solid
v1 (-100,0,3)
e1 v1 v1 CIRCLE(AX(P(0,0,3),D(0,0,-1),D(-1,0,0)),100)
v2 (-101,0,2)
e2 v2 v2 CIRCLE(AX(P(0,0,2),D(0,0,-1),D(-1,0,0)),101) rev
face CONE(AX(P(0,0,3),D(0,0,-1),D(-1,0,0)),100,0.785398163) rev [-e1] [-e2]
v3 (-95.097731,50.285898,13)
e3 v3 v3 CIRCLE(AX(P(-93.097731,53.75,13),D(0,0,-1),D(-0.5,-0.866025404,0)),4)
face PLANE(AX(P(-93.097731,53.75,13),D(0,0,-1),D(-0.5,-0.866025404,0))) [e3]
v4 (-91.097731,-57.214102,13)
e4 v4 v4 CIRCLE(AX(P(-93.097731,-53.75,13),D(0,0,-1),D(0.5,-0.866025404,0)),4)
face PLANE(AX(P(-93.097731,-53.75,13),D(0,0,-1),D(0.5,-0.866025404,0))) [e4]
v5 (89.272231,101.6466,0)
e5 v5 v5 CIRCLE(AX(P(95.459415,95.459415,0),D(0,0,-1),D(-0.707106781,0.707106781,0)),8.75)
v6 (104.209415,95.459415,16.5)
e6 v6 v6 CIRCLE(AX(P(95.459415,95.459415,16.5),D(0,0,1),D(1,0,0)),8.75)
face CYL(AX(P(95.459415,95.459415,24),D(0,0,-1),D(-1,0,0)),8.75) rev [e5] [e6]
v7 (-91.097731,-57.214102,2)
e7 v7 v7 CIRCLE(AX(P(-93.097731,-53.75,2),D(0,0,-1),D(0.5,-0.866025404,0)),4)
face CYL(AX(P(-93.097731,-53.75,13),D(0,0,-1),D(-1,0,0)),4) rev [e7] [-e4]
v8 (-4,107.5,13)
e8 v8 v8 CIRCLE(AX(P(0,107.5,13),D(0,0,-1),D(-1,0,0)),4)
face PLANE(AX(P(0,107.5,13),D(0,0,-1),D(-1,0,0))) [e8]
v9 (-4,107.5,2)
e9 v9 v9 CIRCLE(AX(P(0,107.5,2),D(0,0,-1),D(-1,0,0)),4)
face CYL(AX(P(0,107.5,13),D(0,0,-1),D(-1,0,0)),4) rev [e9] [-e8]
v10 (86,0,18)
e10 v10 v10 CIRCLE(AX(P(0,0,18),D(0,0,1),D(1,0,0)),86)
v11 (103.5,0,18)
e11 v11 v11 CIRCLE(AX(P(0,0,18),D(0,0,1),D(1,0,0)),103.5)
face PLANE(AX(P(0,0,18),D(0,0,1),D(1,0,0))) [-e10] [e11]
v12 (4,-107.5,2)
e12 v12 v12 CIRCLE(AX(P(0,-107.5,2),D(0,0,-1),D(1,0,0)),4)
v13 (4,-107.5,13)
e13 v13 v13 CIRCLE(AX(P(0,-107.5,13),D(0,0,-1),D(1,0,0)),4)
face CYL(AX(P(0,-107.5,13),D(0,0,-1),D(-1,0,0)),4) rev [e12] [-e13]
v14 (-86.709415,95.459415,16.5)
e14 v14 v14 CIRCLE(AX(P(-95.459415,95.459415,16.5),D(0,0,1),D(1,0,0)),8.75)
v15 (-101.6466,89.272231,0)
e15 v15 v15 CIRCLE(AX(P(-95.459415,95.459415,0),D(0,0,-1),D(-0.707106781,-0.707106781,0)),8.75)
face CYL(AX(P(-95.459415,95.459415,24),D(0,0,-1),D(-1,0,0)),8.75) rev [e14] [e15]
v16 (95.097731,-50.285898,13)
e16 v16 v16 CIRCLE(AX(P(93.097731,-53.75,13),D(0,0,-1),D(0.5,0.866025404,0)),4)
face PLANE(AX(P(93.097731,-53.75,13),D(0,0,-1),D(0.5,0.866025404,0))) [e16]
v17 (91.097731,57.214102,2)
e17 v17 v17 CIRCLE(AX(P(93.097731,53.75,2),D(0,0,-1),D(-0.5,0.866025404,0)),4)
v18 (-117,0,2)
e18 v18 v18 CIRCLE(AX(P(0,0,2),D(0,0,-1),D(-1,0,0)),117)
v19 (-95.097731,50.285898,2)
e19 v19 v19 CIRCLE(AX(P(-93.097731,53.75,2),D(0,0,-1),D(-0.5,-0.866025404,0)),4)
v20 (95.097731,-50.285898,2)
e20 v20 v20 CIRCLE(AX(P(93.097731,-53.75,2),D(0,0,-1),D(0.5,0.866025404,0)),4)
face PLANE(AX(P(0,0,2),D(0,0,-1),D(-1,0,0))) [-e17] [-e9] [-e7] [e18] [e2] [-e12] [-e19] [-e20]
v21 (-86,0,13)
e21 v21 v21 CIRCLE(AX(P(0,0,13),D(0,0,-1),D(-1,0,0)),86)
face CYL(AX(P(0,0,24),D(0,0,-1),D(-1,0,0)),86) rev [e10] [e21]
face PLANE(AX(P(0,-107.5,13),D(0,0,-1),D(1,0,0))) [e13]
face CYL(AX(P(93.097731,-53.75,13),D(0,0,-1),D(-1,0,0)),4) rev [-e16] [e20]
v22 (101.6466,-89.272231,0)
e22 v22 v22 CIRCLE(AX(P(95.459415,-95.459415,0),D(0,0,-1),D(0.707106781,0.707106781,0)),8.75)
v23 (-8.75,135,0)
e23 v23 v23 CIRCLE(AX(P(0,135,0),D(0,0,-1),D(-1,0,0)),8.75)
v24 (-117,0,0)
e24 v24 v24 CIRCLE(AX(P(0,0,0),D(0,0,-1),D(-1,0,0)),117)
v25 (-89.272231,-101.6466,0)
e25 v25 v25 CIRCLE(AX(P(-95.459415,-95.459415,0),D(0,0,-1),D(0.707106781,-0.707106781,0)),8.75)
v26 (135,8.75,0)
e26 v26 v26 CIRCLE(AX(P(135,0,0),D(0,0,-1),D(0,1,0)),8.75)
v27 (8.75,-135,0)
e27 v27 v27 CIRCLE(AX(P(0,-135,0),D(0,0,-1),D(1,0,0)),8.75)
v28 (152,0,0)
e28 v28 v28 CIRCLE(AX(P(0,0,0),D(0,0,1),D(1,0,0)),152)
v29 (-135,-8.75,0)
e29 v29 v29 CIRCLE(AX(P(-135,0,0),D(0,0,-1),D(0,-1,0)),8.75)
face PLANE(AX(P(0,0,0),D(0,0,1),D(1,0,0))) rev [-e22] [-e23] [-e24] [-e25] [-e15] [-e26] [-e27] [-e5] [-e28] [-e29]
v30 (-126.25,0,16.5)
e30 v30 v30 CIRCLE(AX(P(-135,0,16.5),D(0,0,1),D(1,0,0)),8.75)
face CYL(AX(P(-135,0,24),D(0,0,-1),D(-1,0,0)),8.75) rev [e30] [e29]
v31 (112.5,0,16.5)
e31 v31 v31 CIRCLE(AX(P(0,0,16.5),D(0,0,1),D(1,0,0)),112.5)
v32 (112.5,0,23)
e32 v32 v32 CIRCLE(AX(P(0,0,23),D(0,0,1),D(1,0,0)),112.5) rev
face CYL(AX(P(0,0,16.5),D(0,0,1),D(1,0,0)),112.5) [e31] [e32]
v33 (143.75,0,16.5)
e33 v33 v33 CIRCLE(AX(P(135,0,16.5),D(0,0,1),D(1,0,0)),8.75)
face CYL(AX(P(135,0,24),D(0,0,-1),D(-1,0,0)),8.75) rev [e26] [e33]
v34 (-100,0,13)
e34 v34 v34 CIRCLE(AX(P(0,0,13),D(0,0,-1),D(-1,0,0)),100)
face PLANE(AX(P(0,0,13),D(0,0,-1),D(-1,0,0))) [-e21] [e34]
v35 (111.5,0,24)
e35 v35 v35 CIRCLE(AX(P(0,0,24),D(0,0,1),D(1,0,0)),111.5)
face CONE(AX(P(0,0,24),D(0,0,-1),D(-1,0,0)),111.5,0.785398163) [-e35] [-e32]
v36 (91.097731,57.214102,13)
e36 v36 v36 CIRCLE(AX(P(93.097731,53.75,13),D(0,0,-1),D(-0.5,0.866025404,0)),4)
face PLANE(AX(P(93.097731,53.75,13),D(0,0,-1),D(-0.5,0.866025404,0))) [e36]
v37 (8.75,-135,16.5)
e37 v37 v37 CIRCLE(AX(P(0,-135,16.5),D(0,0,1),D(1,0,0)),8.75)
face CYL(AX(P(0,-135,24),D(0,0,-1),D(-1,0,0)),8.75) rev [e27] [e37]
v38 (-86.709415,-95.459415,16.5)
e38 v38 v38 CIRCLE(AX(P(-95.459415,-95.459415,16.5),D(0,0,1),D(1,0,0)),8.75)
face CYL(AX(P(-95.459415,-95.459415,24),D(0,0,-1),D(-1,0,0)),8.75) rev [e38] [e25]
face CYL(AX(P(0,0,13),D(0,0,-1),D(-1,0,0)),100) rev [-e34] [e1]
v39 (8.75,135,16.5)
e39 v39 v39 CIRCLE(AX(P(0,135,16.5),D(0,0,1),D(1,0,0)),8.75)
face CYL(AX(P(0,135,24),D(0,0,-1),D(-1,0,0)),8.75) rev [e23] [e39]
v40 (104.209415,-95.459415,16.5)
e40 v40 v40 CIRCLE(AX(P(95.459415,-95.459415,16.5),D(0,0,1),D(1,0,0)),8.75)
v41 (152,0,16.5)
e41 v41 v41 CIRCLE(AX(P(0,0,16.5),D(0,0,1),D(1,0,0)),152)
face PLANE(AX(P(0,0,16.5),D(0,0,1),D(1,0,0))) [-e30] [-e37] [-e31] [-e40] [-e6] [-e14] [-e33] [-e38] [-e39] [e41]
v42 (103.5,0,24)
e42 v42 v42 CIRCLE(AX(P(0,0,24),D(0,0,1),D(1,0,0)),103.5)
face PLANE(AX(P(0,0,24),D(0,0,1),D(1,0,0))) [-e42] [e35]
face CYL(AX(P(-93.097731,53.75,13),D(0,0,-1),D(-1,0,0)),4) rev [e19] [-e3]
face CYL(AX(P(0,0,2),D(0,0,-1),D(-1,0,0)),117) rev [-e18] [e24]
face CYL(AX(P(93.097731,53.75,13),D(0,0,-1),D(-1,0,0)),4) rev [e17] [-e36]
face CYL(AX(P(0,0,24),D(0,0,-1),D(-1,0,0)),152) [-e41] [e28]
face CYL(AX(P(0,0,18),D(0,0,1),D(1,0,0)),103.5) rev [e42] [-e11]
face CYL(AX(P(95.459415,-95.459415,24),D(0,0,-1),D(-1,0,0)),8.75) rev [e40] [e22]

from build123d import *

# Parameters (mm, degrees)
SKETCH1_R           = 152
SKETCH1_R_2         = 86
BOSS_EXTRUDE3_DEPTH = 24
CUT_EXTRUDE6_START  = -7.5
SKETCH5_R           = 152
SKETCH5_R_2         = 112.5
CUT_EXTRUDE6_DEPTH  = 7.5
SKETCH6_R           = 103.5
CUT_EXTRUDE7_DEPTH  = 6
CHAMFER1_SIZE       = 1
SKETCH8_R           = 117
CUT_EXTRUDE8_DEPTH  = 2
SKETCH16_R          = 100
CUT_EXTRUDE9_DEPTH  = 11
CHAMFER3_SIZE       = 1
SKETCH19_R          = 4
CUT_EXTRUDE12_DEPTH = 11
CIRPATTERN1_COUNT   = 6
SKETCH3_R           = 8.75
CUT_EXTRUDE13_DEPTH = 217.296093354
CIRPATTERN2_COUNT   = 8


with BuildPart() as part:
    # Sketch1 → Boss-Extrude3 (new body)
    with BuildSketch(Plane.XY):
        Circle(SKETCH1_R)
        Circle(SKETCH1_R_2, mode=Mode.SUBTRACT)
    extrude(amount=BOSS_EXTRUDE3_DEPTH)

    # Sketch5 → Cut-Extrude6 (cut)
    with BuildSketch(Plane.XY.offset(24).offset(CUT_EXTRUDE6_START)):
        Circle(SKETCH5_R)
        Circle(SKETCH5_R_2, mode=Mode.SUBTRACT)
    extrude(amount=CUT_EXTRUDE6_DEPTH, mode=Mode.SUBTRACT)

    # Sketch6 → Cut-Extrude7 (cut)
    with BuildSketch(Plane.XY.offset(24)):
        Circle(SKETCH6_R)
    extrude(amount=-CUT_EXTRUDE7_DEPTH, mode=Mode.SUBTRACT)

    # Chamfer1
    chamfer1_edges = [part.edges().sort_by_distance(p)[0] for p in [
        (-112.5, 0, 24),
    ]]
    chamfer(chamfer1_edges, length=CHAMFER1_SIZE)

    # Sketch8 → Cut-Extrude8 (cut)
    with BuildSketch(Plane(origin=(0, 0, 0), x_dir=(-1, 0, 0), z_dir=(0, 0, -1))):
        Circle(SKETCH8_R)
    extrude(amount=-CUT_EXTRUDE8_DEPTH, mode=Mode.SUBTRACT)

    # Sketch16 → Cut-Extrude9 (cut)
    with BuildSketch(Plane(origin=(0, 0, 2), x_dir=(-1, 0, 0), z_dir=(0, 0, -1))):
        Circle(SKETCH16_R)
    extrude(amount=-CUT_EXTRUDE9_DEPTH, mode=Mode.SUBTRACT)

    # Chamfer3
    chamfer3_edges = [part.edges().sort_by_distance(p)[0] for p in [
        (100, 0, 2),
    ]]
    chamfer(chamfer3_edges, length=CHAMFER3_SIZE)

    # Sketch19 → Cut-Extrude12 (cut)
    with BuildSketch(Plane(origin=(0, 0, 2), x_dir=(-1, 0, 0), z_dir=(0, 0, -1))):
        with Locations((0, 107.5)):
            Circle(SKETCH19_R)
    cut_extrude12 = extrude(amount=-CUT_EXTRUDE12_DEPTH, mode=Mode.SUBTRACT)

    # CirPattern1: Cut-Extrude12 ×6 about axis
    cirpattern1_axis = Axis((0, 0, 0), (0, 0, 1))
    for i in range(1, CIRPATTERN1_COUNT):
        add(cut_extrude12.rotate(cirpattern1_axis, i * 360 / CIRPATTERN1_COUNT), mode=Mode.SUBTRACT)

    # Sketch3 → Cut-Extrude13 (cut, through all)
    with BuildSketch(Plane(origin=(0, 0, 0), x_dir=(-1, 0, 0), z_dir=(0, 0, -1))):
        with Locations((0, 135)):
            Circle(SKETCH3_R)
    cut_extrude13 = extrude(amount=-CUT_EXTRUDE13_DEPTH, mode=Mode.SUBTRACT)

    # CirPattern2: Cut-Extrude13 ×8 about axis
    cirpattern2_axis = Axis((0, 0, 0), (0, 0, 1))
    for i in range(1, CIRPATTERN2_COUNT):
        add(cut_extrude13.rotate(cirpattern2_axis, i * 360 / CIRPATTERN2_COUNT), mode=Mode.SUBTRACT)


solid = part.part
